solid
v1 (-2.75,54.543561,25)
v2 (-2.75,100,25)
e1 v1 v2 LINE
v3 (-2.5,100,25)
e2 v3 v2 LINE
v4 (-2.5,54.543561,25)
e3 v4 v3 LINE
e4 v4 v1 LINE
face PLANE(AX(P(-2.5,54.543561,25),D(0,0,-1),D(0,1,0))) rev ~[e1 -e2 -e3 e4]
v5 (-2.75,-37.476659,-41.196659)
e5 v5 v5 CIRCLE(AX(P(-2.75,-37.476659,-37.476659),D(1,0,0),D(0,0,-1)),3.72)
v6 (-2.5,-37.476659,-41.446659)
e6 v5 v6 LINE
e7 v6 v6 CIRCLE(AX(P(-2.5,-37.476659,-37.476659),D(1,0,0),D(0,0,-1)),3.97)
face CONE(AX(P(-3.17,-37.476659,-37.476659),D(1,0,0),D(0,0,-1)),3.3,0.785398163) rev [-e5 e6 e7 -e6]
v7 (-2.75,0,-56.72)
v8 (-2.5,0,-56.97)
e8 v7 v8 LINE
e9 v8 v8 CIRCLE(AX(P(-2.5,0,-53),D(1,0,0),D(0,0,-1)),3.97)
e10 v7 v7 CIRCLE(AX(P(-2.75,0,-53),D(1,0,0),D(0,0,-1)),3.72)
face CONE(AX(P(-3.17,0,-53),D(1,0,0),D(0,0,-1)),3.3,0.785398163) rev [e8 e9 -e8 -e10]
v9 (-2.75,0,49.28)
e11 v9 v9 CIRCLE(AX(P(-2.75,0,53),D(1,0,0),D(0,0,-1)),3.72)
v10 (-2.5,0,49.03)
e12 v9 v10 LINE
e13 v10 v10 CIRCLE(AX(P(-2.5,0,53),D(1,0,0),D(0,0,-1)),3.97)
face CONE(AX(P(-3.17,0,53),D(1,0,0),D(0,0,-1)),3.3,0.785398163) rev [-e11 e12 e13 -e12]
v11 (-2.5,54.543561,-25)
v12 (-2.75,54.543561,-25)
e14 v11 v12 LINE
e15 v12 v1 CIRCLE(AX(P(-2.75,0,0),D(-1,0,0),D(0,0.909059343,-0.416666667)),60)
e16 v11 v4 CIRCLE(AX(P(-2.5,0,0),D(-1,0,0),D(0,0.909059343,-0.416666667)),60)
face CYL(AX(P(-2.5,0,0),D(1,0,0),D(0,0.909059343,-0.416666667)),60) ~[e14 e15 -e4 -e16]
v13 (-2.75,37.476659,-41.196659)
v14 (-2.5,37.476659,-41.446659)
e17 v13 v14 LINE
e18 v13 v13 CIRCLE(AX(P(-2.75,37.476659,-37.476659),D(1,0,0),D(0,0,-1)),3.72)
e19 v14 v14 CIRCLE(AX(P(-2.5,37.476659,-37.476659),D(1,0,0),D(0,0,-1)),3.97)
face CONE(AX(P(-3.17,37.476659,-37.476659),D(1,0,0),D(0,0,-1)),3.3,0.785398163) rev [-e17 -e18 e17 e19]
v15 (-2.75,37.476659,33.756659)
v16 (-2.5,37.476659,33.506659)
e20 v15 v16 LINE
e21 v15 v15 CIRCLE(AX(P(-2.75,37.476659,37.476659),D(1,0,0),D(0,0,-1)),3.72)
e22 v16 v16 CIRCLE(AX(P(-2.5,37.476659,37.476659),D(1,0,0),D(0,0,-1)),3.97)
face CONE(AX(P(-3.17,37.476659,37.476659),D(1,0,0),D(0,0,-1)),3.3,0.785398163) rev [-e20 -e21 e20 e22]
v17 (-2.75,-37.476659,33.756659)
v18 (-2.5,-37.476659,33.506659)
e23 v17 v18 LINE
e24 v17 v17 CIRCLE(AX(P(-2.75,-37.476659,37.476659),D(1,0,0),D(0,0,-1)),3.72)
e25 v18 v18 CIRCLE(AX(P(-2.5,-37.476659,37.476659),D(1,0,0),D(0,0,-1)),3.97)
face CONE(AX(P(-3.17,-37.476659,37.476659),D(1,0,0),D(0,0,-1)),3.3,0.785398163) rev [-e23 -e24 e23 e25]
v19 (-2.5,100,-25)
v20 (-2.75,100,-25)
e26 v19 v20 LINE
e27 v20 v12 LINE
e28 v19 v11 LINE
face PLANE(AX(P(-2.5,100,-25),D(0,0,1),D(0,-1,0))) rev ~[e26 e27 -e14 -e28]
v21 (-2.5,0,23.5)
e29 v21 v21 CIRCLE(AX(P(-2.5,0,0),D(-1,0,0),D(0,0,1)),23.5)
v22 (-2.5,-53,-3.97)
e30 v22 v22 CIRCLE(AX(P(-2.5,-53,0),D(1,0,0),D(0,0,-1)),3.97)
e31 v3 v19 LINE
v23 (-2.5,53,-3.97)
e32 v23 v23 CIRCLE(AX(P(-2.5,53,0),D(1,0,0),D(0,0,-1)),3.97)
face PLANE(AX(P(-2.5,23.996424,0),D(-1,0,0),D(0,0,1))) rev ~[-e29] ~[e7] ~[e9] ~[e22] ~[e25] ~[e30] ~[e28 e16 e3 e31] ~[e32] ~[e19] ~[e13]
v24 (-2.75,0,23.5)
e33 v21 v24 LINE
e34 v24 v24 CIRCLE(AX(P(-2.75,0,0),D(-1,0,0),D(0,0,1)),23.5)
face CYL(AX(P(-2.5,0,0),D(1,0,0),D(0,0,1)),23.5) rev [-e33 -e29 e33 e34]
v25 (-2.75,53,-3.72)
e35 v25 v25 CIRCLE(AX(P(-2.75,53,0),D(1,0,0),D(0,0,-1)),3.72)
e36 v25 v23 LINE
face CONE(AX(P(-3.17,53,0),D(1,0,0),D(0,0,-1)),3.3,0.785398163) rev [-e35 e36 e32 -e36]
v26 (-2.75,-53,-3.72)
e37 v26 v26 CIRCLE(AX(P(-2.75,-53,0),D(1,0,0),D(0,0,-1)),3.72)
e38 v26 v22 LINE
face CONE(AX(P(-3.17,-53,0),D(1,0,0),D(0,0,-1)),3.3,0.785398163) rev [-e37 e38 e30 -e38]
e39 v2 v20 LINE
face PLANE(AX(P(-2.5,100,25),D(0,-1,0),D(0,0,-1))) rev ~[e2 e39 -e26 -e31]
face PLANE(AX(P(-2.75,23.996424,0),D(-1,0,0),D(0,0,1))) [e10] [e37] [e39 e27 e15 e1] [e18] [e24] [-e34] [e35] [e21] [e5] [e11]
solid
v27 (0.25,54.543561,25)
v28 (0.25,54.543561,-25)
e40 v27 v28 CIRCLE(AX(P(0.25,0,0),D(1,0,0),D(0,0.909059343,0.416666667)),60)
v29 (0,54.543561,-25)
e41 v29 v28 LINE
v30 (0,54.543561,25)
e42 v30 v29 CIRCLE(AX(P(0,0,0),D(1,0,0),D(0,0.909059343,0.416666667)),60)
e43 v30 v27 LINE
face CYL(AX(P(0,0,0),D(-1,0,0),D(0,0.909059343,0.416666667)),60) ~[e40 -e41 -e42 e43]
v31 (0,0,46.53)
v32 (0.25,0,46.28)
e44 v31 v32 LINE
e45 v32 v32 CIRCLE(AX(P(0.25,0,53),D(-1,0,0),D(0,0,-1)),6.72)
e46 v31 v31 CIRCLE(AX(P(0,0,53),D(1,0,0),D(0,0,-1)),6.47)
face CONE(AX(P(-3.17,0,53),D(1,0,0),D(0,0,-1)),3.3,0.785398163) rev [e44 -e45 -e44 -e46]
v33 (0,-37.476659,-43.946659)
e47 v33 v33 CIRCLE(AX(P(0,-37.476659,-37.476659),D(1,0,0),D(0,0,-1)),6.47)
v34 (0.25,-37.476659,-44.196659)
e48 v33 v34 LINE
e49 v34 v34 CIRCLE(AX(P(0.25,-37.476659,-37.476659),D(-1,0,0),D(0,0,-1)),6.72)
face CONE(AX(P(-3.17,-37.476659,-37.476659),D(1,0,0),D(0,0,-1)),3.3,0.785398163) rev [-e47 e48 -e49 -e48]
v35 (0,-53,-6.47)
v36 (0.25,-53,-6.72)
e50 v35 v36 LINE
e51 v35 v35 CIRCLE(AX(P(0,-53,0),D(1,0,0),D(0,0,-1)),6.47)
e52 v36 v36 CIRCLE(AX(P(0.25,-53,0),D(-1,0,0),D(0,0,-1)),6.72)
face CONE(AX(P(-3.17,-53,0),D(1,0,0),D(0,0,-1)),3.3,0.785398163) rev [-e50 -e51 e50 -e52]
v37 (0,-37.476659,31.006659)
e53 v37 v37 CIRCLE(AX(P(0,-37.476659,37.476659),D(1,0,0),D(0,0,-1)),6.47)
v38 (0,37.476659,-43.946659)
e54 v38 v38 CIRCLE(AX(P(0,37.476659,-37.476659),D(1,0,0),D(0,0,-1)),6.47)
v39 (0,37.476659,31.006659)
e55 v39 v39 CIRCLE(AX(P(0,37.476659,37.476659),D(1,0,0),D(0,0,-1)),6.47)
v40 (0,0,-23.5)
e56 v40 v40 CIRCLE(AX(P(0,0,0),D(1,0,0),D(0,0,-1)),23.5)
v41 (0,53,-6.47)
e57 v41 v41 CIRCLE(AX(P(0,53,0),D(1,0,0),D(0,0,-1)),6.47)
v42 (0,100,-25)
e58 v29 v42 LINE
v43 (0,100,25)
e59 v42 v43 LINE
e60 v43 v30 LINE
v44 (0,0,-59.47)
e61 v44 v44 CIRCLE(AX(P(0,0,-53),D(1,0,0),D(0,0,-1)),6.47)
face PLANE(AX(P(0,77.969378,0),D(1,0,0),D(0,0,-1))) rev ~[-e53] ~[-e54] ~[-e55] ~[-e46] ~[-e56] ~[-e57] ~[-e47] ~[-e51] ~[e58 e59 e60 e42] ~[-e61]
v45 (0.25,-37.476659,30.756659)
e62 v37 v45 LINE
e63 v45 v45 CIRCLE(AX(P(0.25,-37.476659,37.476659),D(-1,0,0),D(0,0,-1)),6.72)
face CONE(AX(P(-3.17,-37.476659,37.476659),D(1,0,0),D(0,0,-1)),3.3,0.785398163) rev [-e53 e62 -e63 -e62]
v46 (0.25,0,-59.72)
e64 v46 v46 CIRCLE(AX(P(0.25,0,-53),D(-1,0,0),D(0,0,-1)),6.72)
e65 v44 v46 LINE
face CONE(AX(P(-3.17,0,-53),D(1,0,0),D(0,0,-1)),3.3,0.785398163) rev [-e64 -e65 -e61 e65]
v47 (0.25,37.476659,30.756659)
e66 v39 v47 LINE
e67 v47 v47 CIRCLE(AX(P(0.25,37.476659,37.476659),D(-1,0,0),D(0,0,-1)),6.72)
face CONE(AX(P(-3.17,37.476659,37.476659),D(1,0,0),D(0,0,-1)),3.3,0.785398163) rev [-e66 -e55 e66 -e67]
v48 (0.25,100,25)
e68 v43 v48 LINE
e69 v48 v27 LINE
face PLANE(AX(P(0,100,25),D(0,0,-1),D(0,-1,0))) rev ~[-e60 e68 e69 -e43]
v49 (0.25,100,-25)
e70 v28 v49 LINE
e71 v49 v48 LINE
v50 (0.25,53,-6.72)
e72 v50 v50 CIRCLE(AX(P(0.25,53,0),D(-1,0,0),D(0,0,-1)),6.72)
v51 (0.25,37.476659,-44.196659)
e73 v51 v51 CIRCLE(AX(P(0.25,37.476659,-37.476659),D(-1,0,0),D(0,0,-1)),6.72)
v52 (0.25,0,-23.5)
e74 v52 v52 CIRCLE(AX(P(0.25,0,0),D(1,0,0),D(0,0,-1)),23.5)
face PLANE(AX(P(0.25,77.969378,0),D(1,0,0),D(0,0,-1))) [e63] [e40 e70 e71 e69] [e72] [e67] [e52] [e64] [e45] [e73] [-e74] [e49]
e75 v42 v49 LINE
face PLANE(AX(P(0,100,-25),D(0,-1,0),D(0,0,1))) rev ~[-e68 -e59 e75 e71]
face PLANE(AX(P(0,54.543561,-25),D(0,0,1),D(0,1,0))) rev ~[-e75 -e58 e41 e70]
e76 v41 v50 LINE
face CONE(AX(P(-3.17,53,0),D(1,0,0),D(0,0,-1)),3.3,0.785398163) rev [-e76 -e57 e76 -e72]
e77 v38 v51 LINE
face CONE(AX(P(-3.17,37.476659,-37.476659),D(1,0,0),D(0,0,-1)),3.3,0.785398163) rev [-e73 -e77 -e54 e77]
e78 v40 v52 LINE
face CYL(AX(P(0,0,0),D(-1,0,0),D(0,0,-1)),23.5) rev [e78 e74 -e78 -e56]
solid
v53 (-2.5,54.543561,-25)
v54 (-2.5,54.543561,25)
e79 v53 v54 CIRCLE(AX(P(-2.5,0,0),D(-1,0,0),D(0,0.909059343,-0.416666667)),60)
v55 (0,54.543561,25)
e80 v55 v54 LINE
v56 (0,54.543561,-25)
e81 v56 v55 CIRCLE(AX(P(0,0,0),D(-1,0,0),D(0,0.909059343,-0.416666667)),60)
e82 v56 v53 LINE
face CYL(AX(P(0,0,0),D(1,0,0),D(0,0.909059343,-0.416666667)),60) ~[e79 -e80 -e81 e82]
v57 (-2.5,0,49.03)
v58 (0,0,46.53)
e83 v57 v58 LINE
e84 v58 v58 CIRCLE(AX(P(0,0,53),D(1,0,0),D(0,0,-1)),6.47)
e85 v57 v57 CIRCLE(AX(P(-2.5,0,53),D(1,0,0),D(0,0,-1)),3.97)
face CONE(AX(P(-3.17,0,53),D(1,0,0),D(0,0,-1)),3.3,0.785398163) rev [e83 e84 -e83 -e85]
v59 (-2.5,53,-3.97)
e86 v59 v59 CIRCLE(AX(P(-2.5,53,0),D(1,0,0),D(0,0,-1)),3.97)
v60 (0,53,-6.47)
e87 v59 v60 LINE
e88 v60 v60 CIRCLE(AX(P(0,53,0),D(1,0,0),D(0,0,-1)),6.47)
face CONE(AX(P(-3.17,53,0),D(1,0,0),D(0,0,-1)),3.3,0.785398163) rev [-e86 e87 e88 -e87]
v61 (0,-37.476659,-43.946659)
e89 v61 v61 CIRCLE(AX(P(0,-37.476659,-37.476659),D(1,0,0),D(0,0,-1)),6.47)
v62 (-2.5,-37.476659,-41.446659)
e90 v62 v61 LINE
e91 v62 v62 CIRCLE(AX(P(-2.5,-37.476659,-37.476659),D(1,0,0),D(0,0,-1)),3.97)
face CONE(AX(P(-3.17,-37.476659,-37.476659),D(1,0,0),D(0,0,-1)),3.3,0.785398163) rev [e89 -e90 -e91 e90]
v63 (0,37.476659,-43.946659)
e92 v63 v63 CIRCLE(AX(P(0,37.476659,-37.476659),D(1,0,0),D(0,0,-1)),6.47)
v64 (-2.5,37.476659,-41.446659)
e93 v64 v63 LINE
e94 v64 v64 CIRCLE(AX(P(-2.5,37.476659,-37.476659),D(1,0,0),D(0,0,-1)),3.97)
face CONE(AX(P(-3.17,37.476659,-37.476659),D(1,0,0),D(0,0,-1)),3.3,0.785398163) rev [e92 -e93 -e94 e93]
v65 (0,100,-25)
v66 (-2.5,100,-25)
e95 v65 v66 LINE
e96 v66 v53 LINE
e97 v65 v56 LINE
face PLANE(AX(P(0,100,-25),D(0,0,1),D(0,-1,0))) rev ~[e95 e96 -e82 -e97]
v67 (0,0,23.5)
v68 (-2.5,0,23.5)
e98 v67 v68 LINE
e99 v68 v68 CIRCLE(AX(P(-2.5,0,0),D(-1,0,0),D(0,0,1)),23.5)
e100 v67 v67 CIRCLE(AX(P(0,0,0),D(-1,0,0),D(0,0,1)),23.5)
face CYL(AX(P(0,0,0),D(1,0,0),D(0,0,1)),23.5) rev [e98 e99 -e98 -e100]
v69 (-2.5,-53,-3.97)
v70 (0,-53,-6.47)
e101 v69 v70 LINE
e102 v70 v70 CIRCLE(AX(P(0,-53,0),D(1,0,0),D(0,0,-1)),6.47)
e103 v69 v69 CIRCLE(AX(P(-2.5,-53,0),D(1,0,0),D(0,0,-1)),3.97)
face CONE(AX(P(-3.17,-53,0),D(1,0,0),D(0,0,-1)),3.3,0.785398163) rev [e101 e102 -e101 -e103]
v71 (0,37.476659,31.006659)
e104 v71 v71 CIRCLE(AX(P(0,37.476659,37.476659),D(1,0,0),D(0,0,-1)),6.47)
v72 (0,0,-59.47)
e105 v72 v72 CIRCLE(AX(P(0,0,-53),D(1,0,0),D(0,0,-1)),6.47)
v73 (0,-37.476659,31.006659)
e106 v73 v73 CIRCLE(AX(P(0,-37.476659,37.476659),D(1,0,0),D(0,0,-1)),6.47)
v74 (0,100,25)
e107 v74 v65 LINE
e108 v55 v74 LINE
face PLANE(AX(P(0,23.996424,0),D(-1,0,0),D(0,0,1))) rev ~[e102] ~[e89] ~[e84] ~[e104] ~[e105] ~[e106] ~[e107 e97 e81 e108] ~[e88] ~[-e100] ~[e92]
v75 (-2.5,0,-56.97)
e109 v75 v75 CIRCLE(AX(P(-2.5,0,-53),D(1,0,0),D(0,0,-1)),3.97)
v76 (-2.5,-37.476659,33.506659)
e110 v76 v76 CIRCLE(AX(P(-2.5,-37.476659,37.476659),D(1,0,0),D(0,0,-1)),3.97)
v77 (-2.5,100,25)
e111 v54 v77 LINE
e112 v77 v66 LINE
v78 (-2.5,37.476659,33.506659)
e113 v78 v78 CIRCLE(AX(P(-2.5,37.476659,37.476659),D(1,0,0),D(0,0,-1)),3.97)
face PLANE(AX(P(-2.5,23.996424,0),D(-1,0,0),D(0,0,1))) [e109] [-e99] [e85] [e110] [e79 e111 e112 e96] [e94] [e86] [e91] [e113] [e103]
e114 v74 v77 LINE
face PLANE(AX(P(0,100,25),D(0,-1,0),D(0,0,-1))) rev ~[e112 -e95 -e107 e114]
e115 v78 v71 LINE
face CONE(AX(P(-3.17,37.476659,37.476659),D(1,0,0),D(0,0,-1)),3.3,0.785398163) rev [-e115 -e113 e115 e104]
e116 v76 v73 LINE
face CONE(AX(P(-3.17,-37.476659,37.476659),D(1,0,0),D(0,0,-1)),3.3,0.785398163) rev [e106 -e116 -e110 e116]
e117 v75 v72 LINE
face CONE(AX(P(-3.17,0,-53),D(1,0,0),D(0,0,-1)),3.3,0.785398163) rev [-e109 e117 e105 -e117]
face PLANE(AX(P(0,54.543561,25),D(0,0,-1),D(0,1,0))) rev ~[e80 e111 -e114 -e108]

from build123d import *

# Parameters (mm, degrees)
SKETCH1_R                                    = 60
SKETCH1_R_2                                  = 23.5
BOSS_EXTRUDE1_DEPTH                          = 0.25
SKETCH4_R                                    = 23.5
BOSS_EXTRUDE4_DEPTH                          = 2.5
SKETCH5_R                                    = 23.5
BOSS_EXTRUDE5_DEPTH                          = 0.25
CSK_FOR_M6_HEX_SOCKET_COUNTERSUNK_CA_2_COUNT = 2
CSK_FOR_M6_HEX_SOCKET_COUNTERSUNK_CA_2_PITCH = 40.564443831
CSK_FOR_M6_HEX_SOCKET_COUNTERSUNK_CA_3_COUNT = 2
CSK_FOR_M6_HEX_SOCKET_COUNTERSUNK_CA_3_PITCH = 74.953318806
CSK_FOR_M6_HEX_SOCKET_COUNTERSUNK_CA_4_COUNT = 2
CSK_FOR_M6_HEX_SOCKET_COUNTERSUNK_CA_4_PITCH = 97.931230446
CSK_FOR_M6_HEX_SOCKET_COUNTERSUNK_CA_5_COUNT = 2
CSK_FOR_M6_HEX_SOCKET_COUNTERSUNK_CA_5_PITCH = 106
CSK_FOR_M6_HEX_SOCKET_COUNTERSUNK_CA_6_COUNT = 2
CSK_FOR_M6_HEX_SOCKET_COUNTERSUNK_CA_6_PITCH = 97.931230446
CSK_FOR_M6_HEX_SOCKET_COUNTERSUNK_CA_7_COUNT = 2
CSK_FOR_M6_HEX_SOCKET_COUNTERSUNK_CA_7_PITCH = 74.953318806
CSK_FOR_M6_HEX_SOCKET_COUNTERSUNK_CA_8_COUNT = 2
CSK_FOR_M6_HEX_SOCKET_COUNTERSUNK_CA_8_PITCH = 40.564443831


with BuildPart() as part:
    # Sketch1 → Boss-Extrude1 (new body)
    with BuildSketch(Plane(origin=(0, 0, 0), x_dir=(0, 0, -1), z_dir=(1, 0, 0))):
        with BuildLine():
            Line((25, 100), (-25, 100))
            Line((-25, 100), (-25, 54.543560573))
            ThreePointArc((-25, 54.543560573), (0, 60), (25, 54.543560573))
            Line((25, 54.543560573), (25, 100))
        make_face()
        Circle(SKETCH1_R)
        Circle(SKETCH1_R_2, mode=Mode.SUBTRACT)
    extrude(amount=BOSS_EXTRUDE1_DEPTH)


with BuildPart() as body_2:
    # Sketch4 → Boss-Extrude4 (new body)
    with BuildSketch(Plane.ZY):
        with BuildLine():
            Line((25, 54.543560573), (25, 100))
            Line((25, 100), (-25, 100))
            Line((-25, 100), (-25, 54.543560573))
            ThreePointArc((-25, 54.543560573), (0, -60), (25, 54.543560573))
        make_face()
        Circle(SKETCH4_R, mode=Mode.SUBTRACT)
    extrude(amount=BOSS_EXTRUDE4_DEPTH)


with BuildPart() as body_3:
    # Sketch5 → Boss-Extrude5 (new body)
    with BuildSketch(Plane.ZY.offset(2.5)):
        with BuildLine():
            Line((25, 54.543560573), (25, 100))
            Line((25, 100), (-25, 100))
            Line((-25, 100), (-25, 54.543560573))
            ThreePointArc((-25, 54.543560573), (0, -60), (25, 54.543560573))
        make_face()
        Circle(SKETCH5_R, mode=Mode.SUBTRACT)
    extrude(amount=BOSS_EXTRUDE5_DEPTH)


with BuildPart() as csk_for_m6_hex_socket_countersunk_cap_sc_tool:
    # Sketch10 → CSK for M6 Hex Socket Countersunk Cap Screw2 (revolve)
    with BuildSketch(Plane(origin=(0.25, 37.476659403, -37.476659403), x_dir=(0, 0, -1), z_dir=(0, 1, 0))):
        Polygon((0, 0), (0, 3), (3.3, 3), (3.3, 3.42), (6.72, 0), align=None)
    csk_for_m6_hex_socket_countersunk_cap_sc = revolve(axis=Axis((6.6, 37.476659403, -37.476659403), (-1, 0, 0)))


with BuildPart() as part_1:
    add(part.part)

    # CSK for M6 Hex Socket Countersunk Cap Screw2: cut by csk_for_m6_hex_socket_countersunk_cap_sc_tool
    add(csk_for_m6_hex_socket_countersunk_cap_sc_tool.part, mode=Mode.SUBTRACT)


with BuildPart() as body_2_1:
    add(body_2.part)

    # CSK for M6 Hex Socket Countersunk Cap Screw2: cut by csk_for_m6_hex_socket_countersunk_cap_sc_tool
    add(csk_for_m6_hex_socket_countersunk_cap_sc_tool.part, mode=Mode.SUBTRACT)


with BuildPart() as body_3_1:
    add(body_3.part)

    # CSK for M6 Hex Socket Countersunk Cap Screw2: cut by csk_for_m6_hex_socket_countersunk_cap_sc_tool
    add(csk_for_m6_hex_socket_countersunk_cap_sc_tool.part, mode=Mode.SUBTRACT)


with BuildPart() as csk_for_m6_hex_socket_countersunk_ca_2_tool:
    # CSK for M6 Hex Socket Countersunk Ca 2: CSK for M6 Hex Socket Countersunk Cap Screw2 ×2
    with Locations(*[Vector(0, -0.923879533, -0.382683432) * (i * CSK_FOR_M6_HEX_SOCKET_COUNTERSUNK_CA_2_PITCH) for i in range(1, CSK_FOR_M6_HEX_SOCKET_COUNTERSUNK_CA_2_COUNT)]):
        add(csk_for_m6_hex_socket_countersunk_cap_sc)


with BuildPart() as part_2:
    add(part_1.part)

    # CSK for M6 Hex Socket Countersunk Ca 2: cut by csk_for_m6_hex_socket_countersunk_ca_2_tool
    add(csk_for_m6_hex_socket_countersunk_ca_2_tool.part, mode=Mode.SUBTRACT)


with BuildPart() as body_2_2:
    add(body_2_1.part)

    # CSK for M6 Hex Socket Countersunk Ca 2: cut by csk_for_m6_hex_socket_countersunk_ca_2_tool
    add(csk_for_m6_hex_socket_countersunk_ca_2_tool.part, mode=Mode.SUBTRACT)


with BuildPart() as body_3_2:
    add(body_3_1.part)

    # CSK for M6 Hex Socket Countersunk Ca 2: cut by csk_for_m6_hex_socket_countersunk_ca_2_tool
    add(csk_for_m6_hex_socket_countersunk_ca_2_tool.part, mode=Mode.SUBTRACT)


with BuildPart() as csk_for_m6_hex_socket_countersunk_ca_3_tool:
    # CSK for M6 Hex Socket Countersunk Ca 3: CSK for M6 Hex Socket Countersunk Cap Screw2 ×2
    with Locations(*[(0, -i * CSK_FOR_M6_HEX_SOCKET_COUNTERSUNK_CA_3_PITCH, 0) for i in range(1, CSK_FOR_M6_HEX_SOCKET_COUNTERSUNK_CA_3_COUNT)]):
        add(csk_for_m6_hex_socket_countersunk_cap_sc)


with BuildPart() as part_3:
    add(part_2.part)

    # CSK for M6 Hex Socket Countersunk Ca 3: cut by csk_for_m6_hex_socket_countersunk_ca_3_tool
    add(csk_for_m6_hex_socket_countersunk_ca_3_tool.part, mode=Mode.SUBTRACT)


with BuildPart() as body_2_3:
    add(body_2_2.part)

    # CSK for M6 Hex Socket Countersunk Ca 3: cut by csk_for_m6_hex_socket_countersunk_ca_3_tool
    add(csk_for_m6_hex_socket_countersunk_ca_3_tool.part, mode=Mode.SUBTRACT)


with BuildPart() as body_3_3:
    add(body_3_2.part)

    # CSK for M6 Hex Socket Countersunk Ca 3: cut by csk_for_m6_hex_socket_countersunk_ca_3_tool
    add(csk_for_m6_hex_socket_countersunk_ca_3_tool.part, mode=Mode.SUBTRACT)


with BuildPart() as csk_for_m6_hex_socket_countersunk_ca_4_tool:
    # CSK for M6 Hex Socket Countersunk Ca 4: CSK for M6 Hex Socket Countersunk Cap Screw2 ×2
    with Locations(*[Vector(0, -0.923879533, 0.382683432) * (i * CSK_FOR_M6_HEX_SOCKET_COUNTERSUNK_CA_4_PITCH) for i in range(1, CSK_FOR_M6_HEX_SOCKET_COUNTERSUNK_CA_4_COUNT)]):
        add(csk_for_m6_hex_socket_countersunk_cap_sc)


with BuildPart() as part_4:
    add(part_3.part)

    # CSK for M6 Hex Socket Countersunk Ca 4: cut by csk_for_m6_hex_socket_countersunk_ca_4_tool
    add(csk_for_m6_hex_socket_countersunk_ca_4_tool.part, mode=Mode.SUBTRACT)


with BuildPart() as body_2_4:
    add(body_2_3.part)

    # CSK for M6 Hex Socket Countersunk Ca 4: cut by csk_for_m6_hex_socket_countersunk_ca_4_tool
    add(csk_for_m6_hex_socket_countersunk_ca_4_tool.part, mode=Mode.SUBTRACT)


with BuildPart() as body_3_4:
    add(body_3_3.part)

    # CSK for M6 Hex Socket Countersunk Ca 4: cut by csk_for_m6_hex_socket_countersunk_ca_4_tool
    add(csk_for_m6_hex_socket_countersunk_ca_4_tool.part, mode=Mode.SUBTRACT)


with BuildPart() as csk_for_m6_hex_socket_countersunk_ca_5_tool:
    # CSK for M6 Hex Socket Countersunk Ca 5: CSK for M6 Hex Socket Countersunk Cap Screw2 ×2
    with Locations(*[Vector(0, -0.707106781, 0.707106781) * (i * CSK_FOR_M6_HEX_SOCKET_COUNTERSUNK_CA_5_PITCH) for i in range(1, CSK_FOR_M6_HEX_SOCKET_COUNTERSUNK_CA_5_COUNT)]):
        add(csk_for_m6_hex_socket_countersunk_cap_sc)


with BuildPart() as part_5:
    add(part_4.part)

    # CSK for M6 Hex Socket Countersunk Ca 5: cut by csk_for_m6_hex_socket_countersunk_ca_5_tool
    add(csk_for_m6_hex_socket_countersunk_ca_5_tool.part, mode=Mode.SUBTRACT)


with BuildPart() as body_2_5:
    add(body_2_4.part)

    # CSK for M6 Hex Socket Countersunk Ca 5: cut by csk_for_m6_hex_socket_countersunk_ca_5_tool
    add(csk_for_m6_hex_socket_countersunk_ca_5_tool.part, mode=Mode.SUBTRACT)


with BuildPart() as body_3_5:
    add(body_3_4.part)

    # CSK for M6 Hex Socket Countersunk Ca 5: cut by csk_for_m6_hex_socket_countersunk_ca_5_tool
    add(csk_for_m6_hex_socket_countersunk_ca_5_tool.part, mode=Mode.SUBTRACT)


with BuildPart() as csk_for_m6_hex_socket_countersunk_ca_6_tool:
    # CSK for M6 Hex Socket Countersunk Ca 6: CSK for M6 Hex Socket Countersunk Cap Screw2 ×2
    with Locations(*[Vector(0, -0.382683432, 0.923879533) * (i * CSK_FOR_M6_HEX_SOCKET_COUNTERSUNK_CA_6_PITCH) for i in range(1, CSK_FOR_M6_HEX_SOCKET_COUNTERSUNK_CA_6_COUNT)]):
        add(csk_for_m6_hex_socket_countersunk_cap_sc)


with BuildPart() as part_6:
    add(part_5.part)

    # CSK for M6 Hex Socket Countersunk Ca 6: cut by csk_for_m6_hex_socket_countersunk_ca_6_tool
    add(csk_for_m6_hex_socket_countersunk_ca_6_tool.part, mode=Mode.SUBTRACT)


with BuildPart() as body_2_6:
    add(body_2_5.part)

    # CSK for M6 Hex Socket Countersunk Ca 6: cut by csk_for_m6_hex_socket_countersunk_ca_6_tool
    add(csk_for_m6_hex_socket_countersunk_ca_6_tool.part, mode=Mode.SUBTRACT)


with BuildPart() as body_3_6:
    add(body_3_5.part)

    # CSK for M6 Hex Socket Countersunk Ca 6: cut by csk_for_m6_hex_socket_countersunk_ca_6_tool
    add(csk_for_m6_hex_socket_countersunk_ca_6_tool.part, mode=Mode.SUBTRACT)


with BuildPart() as csk_for_m6_hex_socket_countersunk_ca_7_tool:
    # CSK for M6 Hex Socket Countersunk Ca 7: CSK for M6 Hex Socket Countersunk Cap Screw2 ×2
    with Locations(*[(0, 0, i * CSK_FOR_M6_HEX_SOCKET_COUNTERSUNK_CA_7_PITCH) for i in range(1, CSK_FOR_M6_HEX_SOCKET_COUNTERSUNK_CA_7_COUNT)]):
        add(csk_for_m6_hex_socket_countersunk_cap_sc)


with BuildPart() as part_7:
    add(part_6.part)

    # CSK for M6 Hex Socket Countersunk Ca 7: cut by csk_for_m6_hex_socket_countersunk_ca_7_tool
    add(csk_for_m6_hex_socket_countersunk_ca_7_tool.part, mode=Mode.SUBTRACT)


with BuildPart() as body_2_7:
    add(body_2_6.part)

    # CSK for M6 Hex Socket Countersunk Ca 7: cut by csk_for_m6_hex_socket_countersunk_ca_7_tool
    add(csk_for_m6_hex_socket_countersunk_ca_7_tool.part, mode=Mode.SUBTRACT)


with BuildPart() as body_3_7:
    add(body_3_6.part)

    # CSK for M6 Hex Socket Countersunk Ca 7: cut by csk_for_m6_hex_socket_countersunk_ca_7_tool
    add(csk_for_m6_hex_socket_countersunk_ca_7_tool.part, mode=Mode.SUBTRACT)


with BuildPart() as csk_for_m6_hex_socket_countersunk_ca_8_tool:
    # CSK for M6 Hex Socket Countersunk Ca 8: CSK for M6 Hex Socket Countersunk Cap Screw2 ×2
    with Locations(*[Vector(0, 0.382683432, 0.923879533) * (i * CSK_FOR_M6_HEX_SOCKET_COUNTERSUNK_CA_8_PITCH) for i in range(1, CSK_FOR_M6_HEX_SOCKET_COUNTERSUNK_CA_8_COUNT)]):
        add(csk_for_m6_hex_socket_countersunk_cap_sc)


with BuildPart() as part_8:
    add(part_7.part)

    # CSK for M6 Hex Socket Countersunk Ca 8: cut by csk_for_m6_hex_socket_countersunk_ca_8_tool
    add(csk_for_m6_hex_socket_countersunk_ca_8_tool.part, mode=Mode.SUBTRACT)


with BuildPart() as body_2_8:
    add(body_2_7.part)

    # CSK for M6 Hex Socket Countersunk Ca 8: cut by csk_for_m6_hex_socket_countersunk_ca_8_tool
    add(csk_for_m6_hex_socket_countersunk_ca_8_tool.part, mode=Mode.SUBTRACT)


with BuildPart() as body_3_8:
    add(body_3_7.part)

    # CSK for M6 Hex Socket Countersunk Ca 8: cut by csk_for_m6_hex_socket_countersunk_ca_8_tool
    add(csk_for_m6_hex_socket_countersunk_ca_8_tool.part, mode=Mode.SUBTRACT)


solid = Compound([part_8.part, body_2_8.part, body_3_8.part])
